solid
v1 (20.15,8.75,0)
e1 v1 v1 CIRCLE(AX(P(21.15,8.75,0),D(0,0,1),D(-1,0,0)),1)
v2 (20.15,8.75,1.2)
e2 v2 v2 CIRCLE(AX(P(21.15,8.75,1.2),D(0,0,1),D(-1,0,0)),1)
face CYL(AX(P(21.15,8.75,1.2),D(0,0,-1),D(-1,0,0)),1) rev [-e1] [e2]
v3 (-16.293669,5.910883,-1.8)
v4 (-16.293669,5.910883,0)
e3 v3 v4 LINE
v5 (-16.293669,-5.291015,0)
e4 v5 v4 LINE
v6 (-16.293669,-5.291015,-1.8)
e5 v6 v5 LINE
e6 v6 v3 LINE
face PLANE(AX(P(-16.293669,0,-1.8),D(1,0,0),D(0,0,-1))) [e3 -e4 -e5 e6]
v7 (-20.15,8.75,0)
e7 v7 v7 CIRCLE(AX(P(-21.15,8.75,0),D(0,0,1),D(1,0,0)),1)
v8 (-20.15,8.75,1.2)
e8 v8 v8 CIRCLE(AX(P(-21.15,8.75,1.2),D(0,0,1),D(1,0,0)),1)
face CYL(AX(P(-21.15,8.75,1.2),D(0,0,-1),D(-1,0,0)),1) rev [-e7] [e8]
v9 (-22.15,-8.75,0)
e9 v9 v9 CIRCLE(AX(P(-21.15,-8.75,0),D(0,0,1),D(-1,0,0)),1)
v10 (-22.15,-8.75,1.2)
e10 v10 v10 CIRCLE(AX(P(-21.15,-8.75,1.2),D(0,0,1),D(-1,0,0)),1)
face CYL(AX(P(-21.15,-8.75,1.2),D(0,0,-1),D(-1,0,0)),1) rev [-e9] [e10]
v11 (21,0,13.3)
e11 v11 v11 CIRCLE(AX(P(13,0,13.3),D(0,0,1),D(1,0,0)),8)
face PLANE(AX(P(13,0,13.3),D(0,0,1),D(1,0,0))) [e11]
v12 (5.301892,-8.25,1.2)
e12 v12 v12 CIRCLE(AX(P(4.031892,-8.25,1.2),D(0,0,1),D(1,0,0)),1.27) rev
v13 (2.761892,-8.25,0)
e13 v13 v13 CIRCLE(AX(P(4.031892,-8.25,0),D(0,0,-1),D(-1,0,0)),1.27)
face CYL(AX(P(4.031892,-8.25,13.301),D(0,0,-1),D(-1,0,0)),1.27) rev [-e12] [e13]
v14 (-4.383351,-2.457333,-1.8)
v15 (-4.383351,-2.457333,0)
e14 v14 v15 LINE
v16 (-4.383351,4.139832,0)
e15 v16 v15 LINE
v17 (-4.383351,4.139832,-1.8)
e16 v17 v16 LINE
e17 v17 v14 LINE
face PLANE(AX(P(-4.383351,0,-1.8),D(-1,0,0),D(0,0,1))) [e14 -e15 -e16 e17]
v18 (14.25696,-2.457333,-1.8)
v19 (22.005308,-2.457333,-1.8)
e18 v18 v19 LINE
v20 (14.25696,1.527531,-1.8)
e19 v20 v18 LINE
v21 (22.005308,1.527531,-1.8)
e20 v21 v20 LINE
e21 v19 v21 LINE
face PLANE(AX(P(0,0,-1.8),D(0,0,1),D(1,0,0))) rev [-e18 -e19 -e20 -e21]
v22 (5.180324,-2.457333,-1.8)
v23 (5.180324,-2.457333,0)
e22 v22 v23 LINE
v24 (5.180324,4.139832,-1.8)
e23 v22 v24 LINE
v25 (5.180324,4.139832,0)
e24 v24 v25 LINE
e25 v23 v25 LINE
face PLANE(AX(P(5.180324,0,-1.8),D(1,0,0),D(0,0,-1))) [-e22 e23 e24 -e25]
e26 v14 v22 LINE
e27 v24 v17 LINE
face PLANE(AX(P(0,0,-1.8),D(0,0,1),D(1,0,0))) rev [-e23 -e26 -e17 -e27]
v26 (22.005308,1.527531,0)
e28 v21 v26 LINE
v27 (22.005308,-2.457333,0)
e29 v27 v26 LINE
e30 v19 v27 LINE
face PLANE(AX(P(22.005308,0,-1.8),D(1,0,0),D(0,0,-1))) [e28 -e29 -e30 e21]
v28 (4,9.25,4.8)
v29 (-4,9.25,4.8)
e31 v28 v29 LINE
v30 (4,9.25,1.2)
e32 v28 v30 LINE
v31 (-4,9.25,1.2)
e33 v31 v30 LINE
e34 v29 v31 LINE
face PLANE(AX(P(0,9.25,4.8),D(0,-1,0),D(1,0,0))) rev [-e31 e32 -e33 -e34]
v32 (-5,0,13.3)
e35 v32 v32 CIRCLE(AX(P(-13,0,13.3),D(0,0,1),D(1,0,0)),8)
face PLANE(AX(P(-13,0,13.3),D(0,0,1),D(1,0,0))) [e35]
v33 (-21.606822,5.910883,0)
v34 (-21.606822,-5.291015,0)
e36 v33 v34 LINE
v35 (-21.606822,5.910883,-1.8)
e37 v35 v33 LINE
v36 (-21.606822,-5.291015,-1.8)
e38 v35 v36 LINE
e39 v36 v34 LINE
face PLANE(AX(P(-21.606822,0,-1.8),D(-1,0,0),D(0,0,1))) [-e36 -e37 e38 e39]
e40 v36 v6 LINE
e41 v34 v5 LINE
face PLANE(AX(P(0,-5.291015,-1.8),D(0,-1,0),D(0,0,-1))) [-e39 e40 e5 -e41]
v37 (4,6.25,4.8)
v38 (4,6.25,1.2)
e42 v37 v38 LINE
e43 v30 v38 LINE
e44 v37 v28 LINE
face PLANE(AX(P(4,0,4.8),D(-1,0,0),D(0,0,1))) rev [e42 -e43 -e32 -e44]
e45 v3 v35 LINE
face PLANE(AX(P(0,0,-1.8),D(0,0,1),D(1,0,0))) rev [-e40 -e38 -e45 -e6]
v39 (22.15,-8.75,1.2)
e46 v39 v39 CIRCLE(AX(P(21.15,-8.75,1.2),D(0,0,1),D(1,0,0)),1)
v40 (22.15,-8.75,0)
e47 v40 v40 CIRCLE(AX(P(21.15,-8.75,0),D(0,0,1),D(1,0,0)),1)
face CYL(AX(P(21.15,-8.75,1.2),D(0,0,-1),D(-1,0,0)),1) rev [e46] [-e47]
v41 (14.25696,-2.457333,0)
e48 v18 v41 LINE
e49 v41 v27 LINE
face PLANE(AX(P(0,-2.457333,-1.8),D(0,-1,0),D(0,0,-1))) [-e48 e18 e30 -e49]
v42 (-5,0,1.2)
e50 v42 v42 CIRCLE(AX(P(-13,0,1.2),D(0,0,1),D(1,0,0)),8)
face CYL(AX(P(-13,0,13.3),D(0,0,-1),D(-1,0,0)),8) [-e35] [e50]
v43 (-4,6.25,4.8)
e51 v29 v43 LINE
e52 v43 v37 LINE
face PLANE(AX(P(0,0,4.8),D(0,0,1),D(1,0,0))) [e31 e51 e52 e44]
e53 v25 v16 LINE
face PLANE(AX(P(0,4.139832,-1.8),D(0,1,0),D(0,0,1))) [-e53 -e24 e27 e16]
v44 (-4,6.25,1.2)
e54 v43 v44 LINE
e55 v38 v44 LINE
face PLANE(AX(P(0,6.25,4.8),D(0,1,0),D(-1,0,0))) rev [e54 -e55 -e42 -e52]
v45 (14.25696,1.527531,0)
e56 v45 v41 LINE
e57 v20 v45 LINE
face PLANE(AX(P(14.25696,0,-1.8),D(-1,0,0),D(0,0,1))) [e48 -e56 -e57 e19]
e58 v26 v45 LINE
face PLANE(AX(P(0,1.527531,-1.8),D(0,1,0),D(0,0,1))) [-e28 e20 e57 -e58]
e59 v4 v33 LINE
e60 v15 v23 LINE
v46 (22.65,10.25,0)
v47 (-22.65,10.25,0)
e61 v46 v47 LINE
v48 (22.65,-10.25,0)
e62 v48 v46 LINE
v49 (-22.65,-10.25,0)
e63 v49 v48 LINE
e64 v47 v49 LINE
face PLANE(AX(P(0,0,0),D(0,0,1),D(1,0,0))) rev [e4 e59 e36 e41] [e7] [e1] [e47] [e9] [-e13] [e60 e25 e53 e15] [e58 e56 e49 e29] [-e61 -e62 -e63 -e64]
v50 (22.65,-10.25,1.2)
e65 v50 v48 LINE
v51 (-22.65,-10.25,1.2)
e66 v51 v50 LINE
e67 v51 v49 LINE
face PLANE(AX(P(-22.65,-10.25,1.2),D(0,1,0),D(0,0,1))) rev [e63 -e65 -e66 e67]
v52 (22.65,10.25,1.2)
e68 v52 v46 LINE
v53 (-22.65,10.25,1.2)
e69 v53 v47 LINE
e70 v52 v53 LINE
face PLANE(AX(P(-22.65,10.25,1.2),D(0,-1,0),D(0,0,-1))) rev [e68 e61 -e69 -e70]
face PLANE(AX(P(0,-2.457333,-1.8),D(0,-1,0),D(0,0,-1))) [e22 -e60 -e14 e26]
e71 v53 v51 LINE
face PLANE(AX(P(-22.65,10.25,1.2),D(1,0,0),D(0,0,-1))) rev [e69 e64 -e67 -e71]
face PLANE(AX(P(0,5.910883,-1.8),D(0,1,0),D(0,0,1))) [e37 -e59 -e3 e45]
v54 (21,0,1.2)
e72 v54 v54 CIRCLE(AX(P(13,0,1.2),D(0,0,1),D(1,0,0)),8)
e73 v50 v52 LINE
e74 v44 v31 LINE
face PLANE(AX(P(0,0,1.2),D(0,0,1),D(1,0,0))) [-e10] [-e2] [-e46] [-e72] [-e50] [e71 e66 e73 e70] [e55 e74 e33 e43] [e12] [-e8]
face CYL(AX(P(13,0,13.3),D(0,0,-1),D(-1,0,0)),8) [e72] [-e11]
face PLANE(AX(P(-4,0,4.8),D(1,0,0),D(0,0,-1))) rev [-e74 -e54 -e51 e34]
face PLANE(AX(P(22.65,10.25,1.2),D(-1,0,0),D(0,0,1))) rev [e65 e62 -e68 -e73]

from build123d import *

# Parameters (mm, degrees)
SKETCH_1_W          = 45.3
SKETCH_1_H          = 20.5
SKETCH_1_R          = 8
SKETCH_1_R_2        = 1
EXTRUDE_1_DEPTH     = 1.2
EXTRUDE_START       = -1.2
SKETCH_2_R          = 8
EXTRUDE_2_DEPTH     = 13.3
SKETCH_3_W          = 8
SKETCH_3_H          = 3
EXTRUDE_3_DEPTH     = 4.8
SKETCH_5_W          = 7.748347941
SKETCH_5_H          = 3.984864655
SKETCH_5_W_2        = 9.563675173
SKETCH_5_H_2        = 6.597164818
SKETCH_5_W_3        = 5.313152873
SKETCH_5_H_3        = 11.201897308
EXTRUDE_4_DEPTH     = 3
CUT_EXTRUDE_1_REACH = 30.195
SKETCH_6_R          = 1.27


with BuildPart() as part:
    # 草图1 → 凸台-拉伸1 (new body)
    with BuildSketch(Plane.XY):
        Rectangle(SKETCH_1_W, SKETCH_1_H)
        with Locations((-13, 0)):
            Circle(SKETCH_1_R, mode=Mode.SUBTRACT)
        with Locations((13, 0)):
            Circle(SKETCH_1_R, mode=Mode.SUBTRACT)
        with Locations((-21.15, 8.75)):
            Circle(SKETCH_1_R_2, mode=Mode.SUBTRACT)
        with Locations(Location((21.15, 8.75, 0), (0, 0, 180))):
            Circle(SKETCH_1_R_2, mode=Mode.SUBTRACT)
        with Locations(Location((-21.15, -8.75, 0), (0, 0, 180))):
            Circle(SKETCH_1_R_2, mode=Mode.SUBTRACT)
        with Locations((21.15, -8.75)):
            Circle(SKETCH_1_R_2, mode=Mode.SUBTRACT)
    extrude(amount=EXTRUDE_1_DEPTH)

    # 草图2 → 凸台-拉伸2 (add)
    with BuildSketch(Plane.XY.offset(1.2).offset(EXTRUDE_START)):
        with Locations((13, 0)):
            Circle(SKETCH_2_R)
        with Locations((-13, 0)):
            Circle(SKETCH_2_R)
    extrude(amount=EXTRUDE_2_DEPTH)

    # 草图3 → 凸台-拉伸3 (add)
    with BuildSketch(Plane.XY.offset(1.2).offset(EXTRUDE_START)):
        with Locations((0, 7.75)):
            Rectangle(SKETCH_3_W, SKETCH_3_H)
    extrude(amount=EXTRUDE_3_DEPTH)

    # 草图5 → 凸台-拉伸4 (add)
    with BuildSketch(Plane(origin=(0, 0, 0), x_dir=(-1, 0, 0), z_dir=(0, 0, -1)).offset(EXTRUDE_START)):
        with Locations((-18.131134181, -0.464900877)):
            Rectangle(SKETCH_5_W, SKETCH_5_H)
        with Locations((-0.398486465, 0.841249205)):
            Rectangle(SKETCH_5_W_2, SKETCH_5_H_2)
        with Locations((18.950245248, 0.309933918)):
            Rectangle(SKETCH_5_W_3, SKETCH_5_H_3)
    extrude(amount=EXTRUDE_4_DEPTH)

    # 草图6 → 切除-拉伸1 (cut, up to next)
    with BuildSketch(Plane(origin=(0, 0, 0), x_dir=(-1, 0, 0), z_dir=(0, 0, -1)), mode=Mode.PRIVATE) as cut_extrude_1_sk1:
        with Locations((-4.031891603, -8.25)):
            Circle(SKETCH_6_R)
    cut_extrude_1_tool1 = extrude(cut_extrude_1_sk1.sketch, amount=-CUT_EXTRUDE_1_REACH, mode=Mode.PRIVATE) & part.part
    add(cut_extrude_1_tool1.solids().sort_by_distance((4.031892, -8.25, 0))[0], mode=Mode.SUBTRACT)


solid = part.part
